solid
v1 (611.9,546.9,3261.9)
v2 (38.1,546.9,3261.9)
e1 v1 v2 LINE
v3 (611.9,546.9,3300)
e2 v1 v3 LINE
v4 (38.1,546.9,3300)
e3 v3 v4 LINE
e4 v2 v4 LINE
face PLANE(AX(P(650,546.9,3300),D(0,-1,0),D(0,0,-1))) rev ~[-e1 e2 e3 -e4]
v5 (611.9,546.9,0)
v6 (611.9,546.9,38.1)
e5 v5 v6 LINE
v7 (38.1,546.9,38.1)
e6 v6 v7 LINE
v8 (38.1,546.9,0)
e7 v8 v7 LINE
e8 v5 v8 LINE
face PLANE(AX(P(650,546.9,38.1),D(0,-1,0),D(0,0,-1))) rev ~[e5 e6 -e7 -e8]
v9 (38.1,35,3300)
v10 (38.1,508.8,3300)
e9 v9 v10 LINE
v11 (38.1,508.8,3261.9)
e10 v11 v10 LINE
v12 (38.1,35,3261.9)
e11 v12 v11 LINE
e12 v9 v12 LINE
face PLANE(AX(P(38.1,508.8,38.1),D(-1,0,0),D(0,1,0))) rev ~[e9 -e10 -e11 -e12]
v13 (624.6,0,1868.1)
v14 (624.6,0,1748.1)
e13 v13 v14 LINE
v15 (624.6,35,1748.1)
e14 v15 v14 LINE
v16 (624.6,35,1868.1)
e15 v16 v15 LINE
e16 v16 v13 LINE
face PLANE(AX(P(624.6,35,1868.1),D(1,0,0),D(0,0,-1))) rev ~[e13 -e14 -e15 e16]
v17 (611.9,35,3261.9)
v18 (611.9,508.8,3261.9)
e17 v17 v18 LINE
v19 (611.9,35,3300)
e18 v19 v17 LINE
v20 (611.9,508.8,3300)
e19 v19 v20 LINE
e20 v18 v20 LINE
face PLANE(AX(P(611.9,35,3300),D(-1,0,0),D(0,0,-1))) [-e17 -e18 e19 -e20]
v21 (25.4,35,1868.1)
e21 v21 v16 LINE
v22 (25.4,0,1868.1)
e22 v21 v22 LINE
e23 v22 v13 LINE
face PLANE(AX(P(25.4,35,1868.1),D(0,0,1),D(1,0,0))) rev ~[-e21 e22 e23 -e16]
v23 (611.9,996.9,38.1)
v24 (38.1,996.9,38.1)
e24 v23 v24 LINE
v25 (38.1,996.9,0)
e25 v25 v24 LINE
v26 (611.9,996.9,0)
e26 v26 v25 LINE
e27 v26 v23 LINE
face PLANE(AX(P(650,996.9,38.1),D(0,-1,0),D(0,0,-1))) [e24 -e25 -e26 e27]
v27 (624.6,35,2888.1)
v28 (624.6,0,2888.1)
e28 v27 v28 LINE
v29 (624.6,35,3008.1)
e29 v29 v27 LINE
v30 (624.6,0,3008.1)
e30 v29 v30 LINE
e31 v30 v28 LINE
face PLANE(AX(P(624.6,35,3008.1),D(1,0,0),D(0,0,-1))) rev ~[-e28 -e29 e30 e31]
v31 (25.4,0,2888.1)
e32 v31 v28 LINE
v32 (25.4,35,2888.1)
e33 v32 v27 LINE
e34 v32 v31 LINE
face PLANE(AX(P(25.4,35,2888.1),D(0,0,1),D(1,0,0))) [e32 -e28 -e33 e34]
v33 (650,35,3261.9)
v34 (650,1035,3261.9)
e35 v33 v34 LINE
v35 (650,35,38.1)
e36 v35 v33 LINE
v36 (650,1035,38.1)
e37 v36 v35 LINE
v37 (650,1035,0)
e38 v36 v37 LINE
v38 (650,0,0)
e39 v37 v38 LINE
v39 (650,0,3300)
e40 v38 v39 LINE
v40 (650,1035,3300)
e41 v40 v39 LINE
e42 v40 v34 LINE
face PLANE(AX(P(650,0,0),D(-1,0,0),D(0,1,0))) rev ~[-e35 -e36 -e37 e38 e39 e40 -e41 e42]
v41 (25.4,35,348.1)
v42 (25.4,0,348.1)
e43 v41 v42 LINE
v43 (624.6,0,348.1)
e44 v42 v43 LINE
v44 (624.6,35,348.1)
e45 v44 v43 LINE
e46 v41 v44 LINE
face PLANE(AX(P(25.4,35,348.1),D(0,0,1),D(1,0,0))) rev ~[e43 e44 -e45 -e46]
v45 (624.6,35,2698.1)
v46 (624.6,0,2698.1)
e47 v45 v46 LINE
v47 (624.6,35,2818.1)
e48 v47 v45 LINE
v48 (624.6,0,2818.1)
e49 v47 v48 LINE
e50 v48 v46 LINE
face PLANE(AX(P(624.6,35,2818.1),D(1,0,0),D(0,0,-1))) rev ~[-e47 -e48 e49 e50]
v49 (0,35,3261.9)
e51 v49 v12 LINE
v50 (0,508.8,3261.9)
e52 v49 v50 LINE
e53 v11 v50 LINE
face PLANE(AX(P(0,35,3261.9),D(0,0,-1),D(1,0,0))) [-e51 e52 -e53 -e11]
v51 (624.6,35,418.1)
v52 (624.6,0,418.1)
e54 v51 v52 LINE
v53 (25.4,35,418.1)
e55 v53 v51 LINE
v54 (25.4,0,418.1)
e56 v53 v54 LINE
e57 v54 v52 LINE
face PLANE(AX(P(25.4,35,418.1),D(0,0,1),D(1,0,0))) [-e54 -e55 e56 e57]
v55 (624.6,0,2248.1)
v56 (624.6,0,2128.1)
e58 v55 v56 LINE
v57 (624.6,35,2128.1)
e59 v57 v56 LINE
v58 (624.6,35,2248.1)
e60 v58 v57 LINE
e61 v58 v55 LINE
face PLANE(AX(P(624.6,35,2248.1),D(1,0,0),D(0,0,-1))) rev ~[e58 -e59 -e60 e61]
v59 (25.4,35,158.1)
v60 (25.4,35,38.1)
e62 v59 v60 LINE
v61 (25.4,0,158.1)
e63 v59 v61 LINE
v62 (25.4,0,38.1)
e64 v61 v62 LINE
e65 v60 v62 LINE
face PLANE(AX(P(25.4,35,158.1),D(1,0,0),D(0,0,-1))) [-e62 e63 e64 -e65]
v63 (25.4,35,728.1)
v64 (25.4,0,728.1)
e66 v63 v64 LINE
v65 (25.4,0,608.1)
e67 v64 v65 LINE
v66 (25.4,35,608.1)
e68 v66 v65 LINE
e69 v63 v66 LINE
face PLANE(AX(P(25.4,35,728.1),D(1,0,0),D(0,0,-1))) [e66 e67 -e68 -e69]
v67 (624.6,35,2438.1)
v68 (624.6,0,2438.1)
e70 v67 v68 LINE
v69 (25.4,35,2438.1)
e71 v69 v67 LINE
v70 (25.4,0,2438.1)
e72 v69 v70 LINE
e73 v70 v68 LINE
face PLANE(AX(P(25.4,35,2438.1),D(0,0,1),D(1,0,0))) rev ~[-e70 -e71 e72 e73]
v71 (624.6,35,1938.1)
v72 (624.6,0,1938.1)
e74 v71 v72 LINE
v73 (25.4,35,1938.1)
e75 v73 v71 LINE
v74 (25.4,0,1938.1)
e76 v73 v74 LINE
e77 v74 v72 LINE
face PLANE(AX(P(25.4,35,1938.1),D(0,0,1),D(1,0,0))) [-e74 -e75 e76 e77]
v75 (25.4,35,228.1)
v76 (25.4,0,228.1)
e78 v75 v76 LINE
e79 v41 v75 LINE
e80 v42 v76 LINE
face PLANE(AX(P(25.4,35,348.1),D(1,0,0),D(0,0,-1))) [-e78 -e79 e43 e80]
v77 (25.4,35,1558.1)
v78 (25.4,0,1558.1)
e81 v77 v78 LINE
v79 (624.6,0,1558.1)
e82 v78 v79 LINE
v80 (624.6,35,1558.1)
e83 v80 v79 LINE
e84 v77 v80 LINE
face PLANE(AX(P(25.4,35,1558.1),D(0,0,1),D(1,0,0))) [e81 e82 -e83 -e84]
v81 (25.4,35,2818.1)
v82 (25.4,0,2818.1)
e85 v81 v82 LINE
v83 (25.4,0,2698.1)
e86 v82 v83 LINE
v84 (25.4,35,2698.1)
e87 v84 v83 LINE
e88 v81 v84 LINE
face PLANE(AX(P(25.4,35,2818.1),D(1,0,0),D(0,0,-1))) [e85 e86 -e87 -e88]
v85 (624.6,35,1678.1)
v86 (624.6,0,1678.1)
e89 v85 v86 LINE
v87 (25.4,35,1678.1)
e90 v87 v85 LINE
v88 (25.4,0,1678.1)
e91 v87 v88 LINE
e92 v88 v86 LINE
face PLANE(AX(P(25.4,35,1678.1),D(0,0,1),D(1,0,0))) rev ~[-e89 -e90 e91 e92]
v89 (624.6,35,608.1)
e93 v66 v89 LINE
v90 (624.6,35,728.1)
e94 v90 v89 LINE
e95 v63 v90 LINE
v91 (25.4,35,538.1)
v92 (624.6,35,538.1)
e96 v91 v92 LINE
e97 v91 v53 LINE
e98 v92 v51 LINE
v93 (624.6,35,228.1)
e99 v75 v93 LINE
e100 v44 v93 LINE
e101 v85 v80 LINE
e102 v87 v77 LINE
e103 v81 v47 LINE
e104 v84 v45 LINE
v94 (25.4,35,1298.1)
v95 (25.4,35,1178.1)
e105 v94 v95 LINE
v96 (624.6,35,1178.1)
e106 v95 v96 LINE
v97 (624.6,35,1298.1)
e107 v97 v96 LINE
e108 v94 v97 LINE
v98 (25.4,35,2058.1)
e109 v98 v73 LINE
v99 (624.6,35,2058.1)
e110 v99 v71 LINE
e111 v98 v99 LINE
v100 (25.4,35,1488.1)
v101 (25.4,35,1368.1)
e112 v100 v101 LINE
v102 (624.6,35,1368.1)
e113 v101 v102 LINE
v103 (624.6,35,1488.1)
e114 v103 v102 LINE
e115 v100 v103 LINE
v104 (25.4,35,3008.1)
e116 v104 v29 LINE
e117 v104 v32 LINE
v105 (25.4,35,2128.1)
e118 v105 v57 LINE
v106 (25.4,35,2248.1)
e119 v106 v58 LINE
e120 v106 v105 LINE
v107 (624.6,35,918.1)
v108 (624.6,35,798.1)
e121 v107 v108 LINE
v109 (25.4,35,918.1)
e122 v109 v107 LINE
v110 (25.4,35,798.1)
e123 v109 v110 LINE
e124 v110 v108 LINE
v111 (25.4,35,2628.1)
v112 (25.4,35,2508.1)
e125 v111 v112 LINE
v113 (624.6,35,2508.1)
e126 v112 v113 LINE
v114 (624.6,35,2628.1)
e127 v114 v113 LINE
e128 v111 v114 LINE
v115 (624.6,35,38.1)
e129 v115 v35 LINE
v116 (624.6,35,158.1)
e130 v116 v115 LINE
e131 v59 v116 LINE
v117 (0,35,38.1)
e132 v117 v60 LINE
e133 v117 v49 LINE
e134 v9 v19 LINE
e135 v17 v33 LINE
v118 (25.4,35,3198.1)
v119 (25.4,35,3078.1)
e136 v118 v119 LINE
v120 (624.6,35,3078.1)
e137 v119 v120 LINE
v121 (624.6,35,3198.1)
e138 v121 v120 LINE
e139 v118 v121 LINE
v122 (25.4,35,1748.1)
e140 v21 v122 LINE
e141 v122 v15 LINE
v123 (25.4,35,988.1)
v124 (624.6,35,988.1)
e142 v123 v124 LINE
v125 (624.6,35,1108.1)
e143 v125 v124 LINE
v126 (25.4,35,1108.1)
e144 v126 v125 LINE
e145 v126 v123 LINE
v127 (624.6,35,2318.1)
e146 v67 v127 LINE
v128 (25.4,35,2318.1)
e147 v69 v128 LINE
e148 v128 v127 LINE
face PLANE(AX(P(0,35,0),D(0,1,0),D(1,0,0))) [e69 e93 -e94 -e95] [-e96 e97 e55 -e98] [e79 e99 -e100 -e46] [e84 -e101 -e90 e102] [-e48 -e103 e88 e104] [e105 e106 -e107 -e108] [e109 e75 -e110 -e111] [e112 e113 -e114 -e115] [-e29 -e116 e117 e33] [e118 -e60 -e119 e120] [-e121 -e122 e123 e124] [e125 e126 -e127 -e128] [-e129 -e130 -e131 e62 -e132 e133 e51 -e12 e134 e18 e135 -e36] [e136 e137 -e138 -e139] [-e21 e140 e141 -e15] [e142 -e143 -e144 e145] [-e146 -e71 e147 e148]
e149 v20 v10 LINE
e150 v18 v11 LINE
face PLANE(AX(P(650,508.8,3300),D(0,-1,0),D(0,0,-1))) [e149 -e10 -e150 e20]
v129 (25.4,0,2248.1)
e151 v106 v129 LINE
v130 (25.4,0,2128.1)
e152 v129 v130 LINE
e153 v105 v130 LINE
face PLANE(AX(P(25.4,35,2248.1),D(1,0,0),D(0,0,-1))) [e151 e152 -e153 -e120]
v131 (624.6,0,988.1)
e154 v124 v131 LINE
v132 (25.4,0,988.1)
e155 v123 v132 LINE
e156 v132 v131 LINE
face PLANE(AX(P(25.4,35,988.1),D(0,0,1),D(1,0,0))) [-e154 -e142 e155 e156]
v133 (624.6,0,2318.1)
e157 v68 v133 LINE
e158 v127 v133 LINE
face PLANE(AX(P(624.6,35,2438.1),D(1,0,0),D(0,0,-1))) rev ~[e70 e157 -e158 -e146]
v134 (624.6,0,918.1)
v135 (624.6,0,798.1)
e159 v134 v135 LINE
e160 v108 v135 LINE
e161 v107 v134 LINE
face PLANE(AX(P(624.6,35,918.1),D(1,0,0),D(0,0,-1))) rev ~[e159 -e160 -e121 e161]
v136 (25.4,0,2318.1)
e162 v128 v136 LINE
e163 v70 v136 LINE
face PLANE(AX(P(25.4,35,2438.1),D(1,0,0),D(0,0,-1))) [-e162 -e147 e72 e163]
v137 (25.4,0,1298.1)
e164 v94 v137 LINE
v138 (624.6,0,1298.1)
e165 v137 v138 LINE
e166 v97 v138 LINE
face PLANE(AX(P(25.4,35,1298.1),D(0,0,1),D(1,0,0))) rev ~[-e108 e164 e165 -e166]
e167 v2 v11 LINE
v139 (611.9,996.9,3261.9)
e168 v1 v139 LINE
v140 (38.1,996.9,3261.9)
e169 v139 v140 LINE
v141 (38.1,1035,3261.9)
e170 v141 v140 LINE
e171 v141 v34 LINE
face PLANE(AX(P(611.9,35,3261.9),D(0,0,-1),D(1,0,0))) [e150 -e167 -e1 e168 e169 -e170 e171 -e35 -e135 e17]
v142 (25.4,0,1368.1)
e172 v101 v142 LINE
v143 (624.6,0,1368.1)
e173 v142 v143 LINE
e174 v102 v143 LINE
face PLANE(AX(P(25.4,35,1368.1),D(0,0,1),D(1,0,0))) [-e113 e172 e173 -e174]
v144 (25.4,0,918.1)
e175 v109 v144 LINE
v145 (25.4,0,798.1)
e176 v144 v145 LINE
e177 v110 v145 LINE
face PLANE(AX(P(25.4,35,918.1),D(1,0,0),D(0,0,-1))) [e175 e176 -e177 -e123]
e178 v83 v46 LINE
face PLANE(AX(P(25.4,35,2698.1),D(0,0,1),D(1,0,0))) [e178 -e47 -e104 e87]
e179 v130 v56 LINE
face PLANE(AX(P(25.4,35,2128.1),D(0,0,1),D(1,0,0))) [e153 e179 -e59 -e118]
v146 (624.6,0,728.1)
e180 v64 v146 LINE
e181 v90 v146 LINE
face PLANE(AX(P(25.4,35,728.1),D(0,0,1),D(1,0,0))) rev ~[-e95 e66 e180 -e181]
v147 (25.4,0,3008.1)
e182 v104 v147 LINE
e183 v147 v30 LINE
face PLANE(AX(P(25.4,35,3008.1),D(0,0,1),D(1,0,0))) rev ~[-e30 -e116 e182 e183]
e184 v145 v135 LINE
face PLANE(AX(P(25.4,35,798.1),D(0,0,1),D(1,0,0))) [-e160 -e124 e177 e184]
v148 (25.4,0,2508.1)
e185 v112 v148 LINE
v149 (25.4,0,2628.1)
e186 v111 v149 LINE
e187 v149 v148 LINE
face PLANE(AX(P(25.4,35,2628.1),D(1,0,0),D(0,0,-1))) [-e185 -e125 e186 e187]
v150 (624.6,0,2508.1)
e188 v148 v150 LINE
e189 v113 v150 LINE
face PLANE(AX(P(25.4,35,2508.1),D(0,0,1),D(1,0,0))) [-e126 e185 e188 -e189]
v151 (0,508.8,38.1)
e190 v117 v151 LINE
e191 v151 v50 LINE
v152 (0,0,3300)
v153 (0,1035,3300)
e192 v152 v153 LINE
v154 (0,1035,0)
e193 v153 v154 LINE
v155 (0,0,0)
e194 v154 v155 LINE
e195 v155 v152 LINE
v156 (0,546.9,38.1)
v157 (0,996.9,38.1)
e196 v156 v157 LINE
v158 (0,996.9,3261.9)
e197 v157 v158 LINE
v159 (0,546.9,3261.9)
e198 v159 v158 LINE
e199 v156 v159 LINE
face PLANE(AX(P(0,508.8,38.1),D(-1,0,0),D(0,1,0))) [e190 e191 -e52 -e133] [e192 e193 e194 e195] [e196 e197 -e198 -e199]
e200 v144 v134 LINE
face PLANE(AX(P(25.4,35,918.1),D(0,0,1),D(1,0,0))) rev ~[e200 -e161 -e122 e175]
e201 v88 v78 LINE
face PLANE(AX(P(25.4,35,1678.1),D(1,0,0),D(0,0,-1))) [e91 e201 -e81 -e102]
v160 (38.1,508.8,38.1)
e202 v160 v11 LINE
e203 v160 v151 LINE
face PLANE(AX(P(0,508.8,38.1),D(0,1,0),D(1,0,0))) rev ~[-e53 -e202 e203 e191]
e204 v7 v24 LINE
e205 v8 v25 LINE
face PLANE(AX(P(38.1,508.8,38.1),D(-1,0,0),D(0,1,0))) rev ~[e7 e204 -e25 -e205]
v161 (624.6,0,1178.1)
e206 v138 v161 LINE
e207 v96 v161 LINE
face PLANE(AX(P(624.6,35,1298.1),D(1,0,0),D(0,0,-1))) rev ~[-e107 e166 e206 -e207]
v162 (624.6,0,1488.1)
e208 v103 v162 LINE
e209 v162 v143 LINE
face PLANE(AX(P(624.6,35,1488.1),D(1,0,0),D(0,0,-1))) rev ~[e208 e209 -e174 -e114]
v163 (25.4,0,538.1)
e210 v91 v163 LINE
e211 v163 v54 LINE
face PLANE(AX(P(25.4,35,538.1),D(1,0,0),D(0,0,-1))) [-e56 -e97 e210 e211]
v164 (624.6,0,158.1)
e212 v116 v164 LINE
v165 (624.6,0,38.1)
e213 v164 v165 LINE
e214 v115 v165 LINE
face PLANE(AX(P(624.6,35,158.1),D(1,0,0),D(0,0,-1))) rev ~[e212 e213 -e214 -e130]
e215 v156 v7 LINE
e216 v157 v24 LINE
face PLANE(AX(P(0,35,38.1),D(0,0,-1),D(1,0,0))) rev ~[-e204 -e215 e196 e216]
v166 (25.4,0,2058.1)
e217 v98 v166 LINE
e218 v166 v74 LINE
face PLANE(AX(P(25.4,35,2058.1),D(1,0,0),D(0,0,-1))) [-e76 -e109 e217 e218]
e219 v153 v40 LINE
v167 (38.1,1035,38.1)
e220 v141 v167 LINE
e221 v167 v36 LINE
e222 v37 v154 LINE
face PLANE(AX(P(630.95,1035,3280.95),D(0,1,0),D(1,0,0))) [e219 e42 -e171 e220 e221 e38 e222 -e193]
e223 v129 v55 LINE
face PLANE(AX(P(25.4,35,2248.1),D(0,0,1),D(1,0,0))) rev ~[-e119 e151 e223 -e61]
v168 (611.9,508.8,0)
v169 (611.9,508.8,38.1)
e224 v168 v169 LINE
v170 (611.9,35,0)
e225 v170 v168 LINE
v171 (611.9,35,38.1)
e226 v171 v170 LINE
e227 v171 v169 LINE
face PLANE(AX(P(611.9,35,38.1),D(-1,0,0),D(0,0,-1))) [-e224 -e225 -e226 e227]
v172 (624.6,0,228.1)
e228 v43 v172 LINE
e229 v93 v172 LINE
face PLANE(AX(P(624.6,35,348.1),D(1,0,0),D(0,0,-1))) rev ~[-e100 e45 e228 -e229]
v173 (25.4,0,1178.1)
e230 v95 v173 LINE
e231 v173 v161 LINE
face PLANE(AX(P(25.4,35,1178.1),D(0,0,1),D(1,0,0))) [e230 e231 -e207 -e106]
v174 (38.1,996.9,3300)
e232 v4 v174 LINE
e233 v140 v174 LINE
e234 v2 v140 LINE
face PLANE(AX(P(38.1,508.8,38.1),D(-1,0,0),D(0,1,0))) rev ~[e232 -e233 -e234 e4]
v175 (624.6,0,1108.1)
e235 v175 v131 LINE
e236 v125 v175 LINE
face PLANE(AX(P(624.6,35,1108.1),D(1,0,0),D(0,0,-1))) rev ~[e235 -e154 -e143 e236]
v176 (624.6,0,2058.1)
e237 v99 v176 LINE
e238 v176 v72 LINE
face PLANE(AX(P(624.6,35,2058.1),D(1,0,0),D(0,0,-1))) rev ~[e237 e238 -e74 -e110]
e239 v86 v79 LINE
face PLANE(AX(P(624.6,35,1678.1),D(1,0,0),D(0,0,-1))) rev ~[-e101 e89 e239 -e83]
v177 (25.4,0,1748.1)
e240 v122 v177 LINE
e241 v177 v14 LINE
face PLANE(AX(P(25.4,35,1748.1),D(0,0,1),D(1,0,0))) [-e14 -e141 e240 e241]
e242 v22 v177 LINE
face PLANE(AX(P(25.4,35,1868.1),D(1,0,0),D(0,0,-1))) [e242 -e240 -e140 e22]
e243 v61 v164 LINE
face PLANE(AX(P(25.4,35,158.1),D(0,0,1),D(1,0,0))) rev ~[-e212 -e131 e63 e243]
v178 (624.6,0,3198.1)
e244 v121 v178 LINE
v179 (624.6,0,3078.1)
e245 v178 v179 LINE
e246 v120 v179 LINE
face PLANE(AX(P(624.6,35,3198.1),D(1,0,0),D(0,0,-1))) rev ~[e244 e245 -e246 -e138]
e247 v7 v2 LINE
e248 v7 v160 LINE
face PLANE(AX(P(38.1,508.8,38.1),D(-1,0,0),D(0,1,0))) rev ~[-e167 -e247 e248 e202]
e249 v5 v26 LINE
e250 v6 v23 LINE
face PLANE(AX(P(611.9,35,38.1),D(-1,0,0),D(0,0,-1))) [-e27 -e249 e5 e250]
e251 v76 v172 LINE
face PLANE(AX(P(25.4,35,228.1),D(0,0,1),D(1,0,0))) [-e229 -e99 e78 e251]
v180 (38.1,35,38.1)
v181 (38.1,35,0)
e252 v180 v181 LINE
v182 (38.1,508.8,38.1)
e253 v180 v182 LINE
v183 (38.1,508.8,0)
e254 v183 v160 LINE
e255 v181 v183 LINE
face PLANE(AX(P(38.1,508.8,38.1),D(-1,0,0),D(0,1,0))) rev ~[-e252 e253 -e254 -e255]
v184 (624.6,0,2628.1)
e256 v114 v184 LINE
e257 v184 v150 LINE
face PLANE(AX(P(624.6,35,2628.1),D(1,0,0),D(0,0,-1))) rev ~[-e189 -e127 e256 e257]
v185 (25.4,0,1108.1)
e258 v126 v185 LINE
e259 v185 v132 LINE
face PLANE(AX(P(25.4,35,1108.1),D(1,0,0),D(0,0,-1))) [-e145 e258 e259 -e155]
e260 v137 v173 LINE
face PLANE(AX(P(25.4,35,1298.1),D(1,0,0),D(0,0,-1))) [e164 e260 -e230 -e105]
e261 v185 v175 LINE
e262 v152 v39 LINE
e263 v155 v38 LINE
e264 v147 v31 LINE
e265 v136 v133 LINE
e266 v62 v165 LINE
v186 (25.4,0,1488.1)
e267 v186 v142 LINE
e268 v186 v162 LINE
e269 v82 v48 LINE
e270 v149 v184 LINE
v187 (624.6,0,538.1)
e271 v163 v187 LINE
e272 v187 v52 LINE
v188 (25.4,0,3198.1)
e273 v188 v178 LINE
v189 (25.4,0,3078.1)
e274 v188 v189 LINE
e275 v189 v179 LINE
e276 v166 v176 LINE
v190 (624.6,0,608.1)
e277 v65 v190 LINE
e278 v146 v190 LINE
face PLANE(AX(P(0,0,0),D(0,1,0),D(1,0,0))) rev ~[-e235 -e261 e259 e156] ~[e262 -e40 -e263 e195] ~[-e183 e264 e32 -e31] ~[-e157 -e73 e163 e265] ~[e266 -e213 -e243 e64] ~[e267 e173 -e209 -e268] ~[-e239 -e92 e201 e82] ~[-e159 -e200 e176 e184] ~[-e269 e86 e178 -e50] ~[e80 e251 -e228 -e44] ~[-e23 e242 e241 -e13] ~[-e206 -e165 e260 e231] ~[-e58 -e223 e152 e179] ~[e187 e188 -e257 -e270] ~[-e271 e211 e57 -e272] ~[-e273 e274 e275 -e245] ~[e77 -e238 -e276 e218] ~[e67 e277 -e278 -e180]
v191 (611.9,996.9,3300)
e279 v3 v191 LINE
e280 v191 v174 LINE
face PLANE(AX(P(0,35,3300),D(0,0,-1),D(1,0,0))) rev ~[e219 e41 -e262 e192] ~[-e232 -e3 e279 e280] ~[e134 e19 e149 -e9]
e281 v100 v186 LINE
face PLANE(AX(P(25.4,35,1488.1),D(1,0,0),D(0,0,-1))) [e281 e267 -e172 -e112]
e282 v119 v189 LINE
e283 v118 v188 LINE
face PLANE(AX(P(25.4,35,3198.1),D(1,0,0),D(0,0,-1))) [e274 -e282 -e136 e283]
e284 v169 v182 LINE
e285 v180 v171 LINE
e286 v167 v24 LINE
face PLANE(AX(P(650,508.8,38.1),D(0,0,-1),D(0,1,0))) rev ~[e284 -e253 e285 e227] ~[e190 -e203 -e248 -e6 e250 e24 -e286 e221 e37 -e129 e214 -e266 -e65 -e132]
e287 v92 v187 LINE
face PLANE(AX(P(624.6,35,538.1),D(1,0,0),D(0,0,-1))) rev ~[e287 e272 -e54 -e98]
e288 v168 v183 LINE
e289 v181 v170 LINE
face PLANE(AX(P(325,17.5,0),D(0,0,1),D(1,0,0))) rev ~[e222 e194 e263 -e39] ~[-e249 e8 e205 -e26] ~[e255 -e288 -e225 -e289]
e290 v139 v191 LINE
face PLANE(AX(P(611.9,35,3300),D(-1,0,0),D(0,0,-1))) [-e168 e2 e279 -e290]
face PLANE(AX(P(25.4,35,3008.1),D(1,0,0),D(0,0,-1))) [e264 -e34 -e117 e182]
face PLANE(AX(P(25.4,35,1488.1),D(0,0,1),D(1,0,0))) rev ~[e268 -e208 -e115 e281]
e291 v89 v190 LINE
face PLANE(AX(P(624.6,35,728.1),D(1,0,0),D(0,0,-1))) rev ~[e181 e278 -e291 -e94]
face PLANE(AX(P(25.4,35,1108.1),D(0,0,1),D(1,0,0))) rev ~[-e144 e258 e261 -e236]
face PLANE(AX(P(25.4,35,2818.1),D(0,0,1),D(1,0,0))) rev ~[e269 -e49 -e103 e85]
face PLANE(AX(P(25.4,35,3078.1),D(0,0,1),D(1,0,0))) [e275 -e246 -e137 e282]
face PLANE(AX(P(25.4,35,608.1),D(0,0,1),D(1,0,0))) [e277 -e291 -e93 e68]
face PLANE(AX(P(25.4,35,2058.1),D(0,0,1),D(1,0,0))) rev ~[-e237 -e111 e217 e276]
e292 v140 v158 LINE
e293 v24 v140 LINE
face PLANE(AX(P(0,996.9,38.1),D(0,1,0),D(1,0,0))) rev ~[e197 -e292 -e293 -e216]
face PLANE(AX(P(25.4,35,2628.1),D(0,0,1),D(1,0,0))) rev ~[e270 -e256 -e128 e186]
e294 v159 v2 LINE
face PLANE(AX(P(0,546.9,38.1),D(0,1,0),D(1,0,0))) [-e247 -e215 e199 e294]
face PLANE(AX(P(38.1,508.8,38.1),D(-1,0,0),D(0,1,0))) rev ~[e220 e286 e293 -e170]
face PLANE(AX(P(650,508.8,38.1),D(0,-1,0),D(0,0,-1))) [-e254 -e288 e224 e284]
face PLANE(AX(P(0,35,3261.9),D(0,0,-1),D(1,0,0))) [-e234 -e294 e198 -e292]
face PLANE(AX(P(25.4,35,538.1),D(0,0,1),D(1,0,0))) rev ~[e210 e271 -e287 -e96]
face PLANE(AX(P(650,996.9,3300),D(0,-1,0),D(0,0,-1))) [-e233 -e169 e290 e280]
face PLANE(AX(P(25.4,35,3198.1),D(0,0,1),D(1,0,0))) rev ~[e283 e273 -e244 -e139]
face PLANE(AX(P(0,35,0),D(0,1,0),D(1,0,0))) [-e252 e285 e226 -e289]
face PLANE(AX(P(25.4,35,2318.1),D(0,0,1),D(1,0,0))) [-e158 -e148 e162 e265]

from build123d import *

# Parameters (mm, degrees)
CROQUIS1_W              = 650
CROQUIS1_H              = 35
SALIENTE_EXTRUIR1_DEPTH = 3300
CROQUIS2_W              = 599.2
CROQUIS2_H              = 120
CORTAR_EXTRUIR1_DEPTH   = 3000
MATRIZL1_COUNT          = 17
MATRIZL1_PITCH          = 190
CROQUIS3_W              = 38.1
CROQUIS3_H              = 38.1
SALIENTE_EXTRUIR2_DEPTH = 1000
CROQUIS4_W              = 38.1
CROQUIS4_H              = 38.1
SALIENTE_EXTRUIR3_DEPTH = 3250
CROQUIS5_W              = 38.1
CROQUIS5_H              = 38.1
SALIENTE_EXTRUIR4_DEPTH = 3250
CROQUIS6_W              = 38.1
CROQUIS6_H              = 38.1
SALIENTE_EXTRUIR5_DEPTH = 630
CROQUIS7_W              = 38.1
CROQUIS7_H              = 38.1
SALIENTE_EXTRUIR6_DEPTH = 630
CROQUIS8_W              = 38.1
CROQUIS8_H              = 38.1
SALIENTE_EXTRUIR7_DEPTH = 630


with BuildPart() as part:
    # Croquis1 → Saliente-Extruir1 (new body)
    with BuildSketch(Plane.XY):
        with Locations((325, 17.5)):
            Rectangle(CROQUIS1_W, CROQUIS1_H)
    extrude(amount=SALIENTE_EXTRUIR1_DEPTH)

    # Croquis2 → Cortar-Extruir1 (cut)
    with BuildSketch(Plane(origin=(0, 35, 0), x_dir=(1, 0, 0), z_dir=(0, 1, 0))):
        with Locations((325, -98.1)):
            Rectangle(CROQUIS2_W, CROQUIS2_H)
    cortar_extruir1 = extrude(amount=-CORTAR_EXTRUIR1_DEPTH, mode=Mode.SUBTRACT)

    # MatrizL1: Cortar-Extruir1 ×17
    with Locations(*[(0, 0, i * MATRIZL1_PITCH) for i in range(1, MATRIZL1_COUNT)]):
        add(cortar_extruir1, mode=Mode.SUBTRACT)

    # Croquis3 → Saliente-Extruir2 (add)
    with BuildSketch(Plane(origin=(0, 35, 0), x_dir=(1, 0, 0), z_dir=(0, 1, 0))):
        with Locations((19.05, -3280.95)):
            Rectangle(CROQUIS3_W, CROQUIS3_H)
        with Locations((630.95, -3280.95)):
            Rectangle(CROQUIS3_W, CROQUIS3_H)
        with Locations((19.05, -19.05)):
            Rectangle(CROQUIS3_W, CROQUIS3_H)
        with Locations((630.95, -19.05)):
            Rectangle(CROQUIS3_W, CROQUIS3_H)
    extrude(amount=SALIENTE_EXTRUIR2_DEPTH)

    # Croquis4 → Saliente-Extruir3 (add)
    with BuildSketch(Plane.XY.offset(38.1)):
        with Locations((19.05, 1015.95)):
            Rectangle(CROQUIS4_W, CROQUIS4_H)
    extrude(amount=SALIENTE_EXTRUIR3_DEPTH)

    # Croquis5 → Saliente-Extruir4 (add)
    with BuildSketch(Plane.XY.offset(38.1)):
        with Locations((19.05, 527.85)):
            Rectangle(CROQUIS5_W, CROQUIS5_H)
    extrude(amount=SALIENTE_EXTRUIR4_DEPTH)

    # Croquis6 → Saliente-Extruir5 (add)
    with BuildSketch(Plane(origin=(650, 0, 0), x_dir=(0, 0, -1), z_dir=(1, 0, 0))):
        with Locations((-19.05, 1015.95)):
            Rectangle(CROQUIS6_W, CROQUIS6_H)
    extrude(amount=-SALIENTE_EXTRUIR5_DEPTH)

    # Croquis7 → Saliente-Extruir6 (add)
    with BuildSketch(Plane(origin=(650, 0, 0), x_dir=(0, 0, -1), z_dir=(1, 0, 0))):
        with Locations((-3280.95, 1015.95)):
            Rectangle(CROQUIS7_W, CROQUIS7_H)
    extrude(amount=-SALIENTE_EXTRUIR6_DEPTH)

    # Croquis8 → Saliente-Extruir7 (add)
    with BuildSketch(Plane(origin=(650, 0, 0), x_dir=(0, 0, -1), z_dir=(1, 0, 0))):
        with Locations((-19.05, 527.85)):
            Rectangle(CROQUIS8_W, CROQUIS8_H)
        with Locations((-3280.95, 527.85)):
            Rectangle(CROQUIS8_W, CROQUIS8_H)
    extrude(amount=-SALIENTE_EXTRUIR7_DEPTH)


solid = part.part
